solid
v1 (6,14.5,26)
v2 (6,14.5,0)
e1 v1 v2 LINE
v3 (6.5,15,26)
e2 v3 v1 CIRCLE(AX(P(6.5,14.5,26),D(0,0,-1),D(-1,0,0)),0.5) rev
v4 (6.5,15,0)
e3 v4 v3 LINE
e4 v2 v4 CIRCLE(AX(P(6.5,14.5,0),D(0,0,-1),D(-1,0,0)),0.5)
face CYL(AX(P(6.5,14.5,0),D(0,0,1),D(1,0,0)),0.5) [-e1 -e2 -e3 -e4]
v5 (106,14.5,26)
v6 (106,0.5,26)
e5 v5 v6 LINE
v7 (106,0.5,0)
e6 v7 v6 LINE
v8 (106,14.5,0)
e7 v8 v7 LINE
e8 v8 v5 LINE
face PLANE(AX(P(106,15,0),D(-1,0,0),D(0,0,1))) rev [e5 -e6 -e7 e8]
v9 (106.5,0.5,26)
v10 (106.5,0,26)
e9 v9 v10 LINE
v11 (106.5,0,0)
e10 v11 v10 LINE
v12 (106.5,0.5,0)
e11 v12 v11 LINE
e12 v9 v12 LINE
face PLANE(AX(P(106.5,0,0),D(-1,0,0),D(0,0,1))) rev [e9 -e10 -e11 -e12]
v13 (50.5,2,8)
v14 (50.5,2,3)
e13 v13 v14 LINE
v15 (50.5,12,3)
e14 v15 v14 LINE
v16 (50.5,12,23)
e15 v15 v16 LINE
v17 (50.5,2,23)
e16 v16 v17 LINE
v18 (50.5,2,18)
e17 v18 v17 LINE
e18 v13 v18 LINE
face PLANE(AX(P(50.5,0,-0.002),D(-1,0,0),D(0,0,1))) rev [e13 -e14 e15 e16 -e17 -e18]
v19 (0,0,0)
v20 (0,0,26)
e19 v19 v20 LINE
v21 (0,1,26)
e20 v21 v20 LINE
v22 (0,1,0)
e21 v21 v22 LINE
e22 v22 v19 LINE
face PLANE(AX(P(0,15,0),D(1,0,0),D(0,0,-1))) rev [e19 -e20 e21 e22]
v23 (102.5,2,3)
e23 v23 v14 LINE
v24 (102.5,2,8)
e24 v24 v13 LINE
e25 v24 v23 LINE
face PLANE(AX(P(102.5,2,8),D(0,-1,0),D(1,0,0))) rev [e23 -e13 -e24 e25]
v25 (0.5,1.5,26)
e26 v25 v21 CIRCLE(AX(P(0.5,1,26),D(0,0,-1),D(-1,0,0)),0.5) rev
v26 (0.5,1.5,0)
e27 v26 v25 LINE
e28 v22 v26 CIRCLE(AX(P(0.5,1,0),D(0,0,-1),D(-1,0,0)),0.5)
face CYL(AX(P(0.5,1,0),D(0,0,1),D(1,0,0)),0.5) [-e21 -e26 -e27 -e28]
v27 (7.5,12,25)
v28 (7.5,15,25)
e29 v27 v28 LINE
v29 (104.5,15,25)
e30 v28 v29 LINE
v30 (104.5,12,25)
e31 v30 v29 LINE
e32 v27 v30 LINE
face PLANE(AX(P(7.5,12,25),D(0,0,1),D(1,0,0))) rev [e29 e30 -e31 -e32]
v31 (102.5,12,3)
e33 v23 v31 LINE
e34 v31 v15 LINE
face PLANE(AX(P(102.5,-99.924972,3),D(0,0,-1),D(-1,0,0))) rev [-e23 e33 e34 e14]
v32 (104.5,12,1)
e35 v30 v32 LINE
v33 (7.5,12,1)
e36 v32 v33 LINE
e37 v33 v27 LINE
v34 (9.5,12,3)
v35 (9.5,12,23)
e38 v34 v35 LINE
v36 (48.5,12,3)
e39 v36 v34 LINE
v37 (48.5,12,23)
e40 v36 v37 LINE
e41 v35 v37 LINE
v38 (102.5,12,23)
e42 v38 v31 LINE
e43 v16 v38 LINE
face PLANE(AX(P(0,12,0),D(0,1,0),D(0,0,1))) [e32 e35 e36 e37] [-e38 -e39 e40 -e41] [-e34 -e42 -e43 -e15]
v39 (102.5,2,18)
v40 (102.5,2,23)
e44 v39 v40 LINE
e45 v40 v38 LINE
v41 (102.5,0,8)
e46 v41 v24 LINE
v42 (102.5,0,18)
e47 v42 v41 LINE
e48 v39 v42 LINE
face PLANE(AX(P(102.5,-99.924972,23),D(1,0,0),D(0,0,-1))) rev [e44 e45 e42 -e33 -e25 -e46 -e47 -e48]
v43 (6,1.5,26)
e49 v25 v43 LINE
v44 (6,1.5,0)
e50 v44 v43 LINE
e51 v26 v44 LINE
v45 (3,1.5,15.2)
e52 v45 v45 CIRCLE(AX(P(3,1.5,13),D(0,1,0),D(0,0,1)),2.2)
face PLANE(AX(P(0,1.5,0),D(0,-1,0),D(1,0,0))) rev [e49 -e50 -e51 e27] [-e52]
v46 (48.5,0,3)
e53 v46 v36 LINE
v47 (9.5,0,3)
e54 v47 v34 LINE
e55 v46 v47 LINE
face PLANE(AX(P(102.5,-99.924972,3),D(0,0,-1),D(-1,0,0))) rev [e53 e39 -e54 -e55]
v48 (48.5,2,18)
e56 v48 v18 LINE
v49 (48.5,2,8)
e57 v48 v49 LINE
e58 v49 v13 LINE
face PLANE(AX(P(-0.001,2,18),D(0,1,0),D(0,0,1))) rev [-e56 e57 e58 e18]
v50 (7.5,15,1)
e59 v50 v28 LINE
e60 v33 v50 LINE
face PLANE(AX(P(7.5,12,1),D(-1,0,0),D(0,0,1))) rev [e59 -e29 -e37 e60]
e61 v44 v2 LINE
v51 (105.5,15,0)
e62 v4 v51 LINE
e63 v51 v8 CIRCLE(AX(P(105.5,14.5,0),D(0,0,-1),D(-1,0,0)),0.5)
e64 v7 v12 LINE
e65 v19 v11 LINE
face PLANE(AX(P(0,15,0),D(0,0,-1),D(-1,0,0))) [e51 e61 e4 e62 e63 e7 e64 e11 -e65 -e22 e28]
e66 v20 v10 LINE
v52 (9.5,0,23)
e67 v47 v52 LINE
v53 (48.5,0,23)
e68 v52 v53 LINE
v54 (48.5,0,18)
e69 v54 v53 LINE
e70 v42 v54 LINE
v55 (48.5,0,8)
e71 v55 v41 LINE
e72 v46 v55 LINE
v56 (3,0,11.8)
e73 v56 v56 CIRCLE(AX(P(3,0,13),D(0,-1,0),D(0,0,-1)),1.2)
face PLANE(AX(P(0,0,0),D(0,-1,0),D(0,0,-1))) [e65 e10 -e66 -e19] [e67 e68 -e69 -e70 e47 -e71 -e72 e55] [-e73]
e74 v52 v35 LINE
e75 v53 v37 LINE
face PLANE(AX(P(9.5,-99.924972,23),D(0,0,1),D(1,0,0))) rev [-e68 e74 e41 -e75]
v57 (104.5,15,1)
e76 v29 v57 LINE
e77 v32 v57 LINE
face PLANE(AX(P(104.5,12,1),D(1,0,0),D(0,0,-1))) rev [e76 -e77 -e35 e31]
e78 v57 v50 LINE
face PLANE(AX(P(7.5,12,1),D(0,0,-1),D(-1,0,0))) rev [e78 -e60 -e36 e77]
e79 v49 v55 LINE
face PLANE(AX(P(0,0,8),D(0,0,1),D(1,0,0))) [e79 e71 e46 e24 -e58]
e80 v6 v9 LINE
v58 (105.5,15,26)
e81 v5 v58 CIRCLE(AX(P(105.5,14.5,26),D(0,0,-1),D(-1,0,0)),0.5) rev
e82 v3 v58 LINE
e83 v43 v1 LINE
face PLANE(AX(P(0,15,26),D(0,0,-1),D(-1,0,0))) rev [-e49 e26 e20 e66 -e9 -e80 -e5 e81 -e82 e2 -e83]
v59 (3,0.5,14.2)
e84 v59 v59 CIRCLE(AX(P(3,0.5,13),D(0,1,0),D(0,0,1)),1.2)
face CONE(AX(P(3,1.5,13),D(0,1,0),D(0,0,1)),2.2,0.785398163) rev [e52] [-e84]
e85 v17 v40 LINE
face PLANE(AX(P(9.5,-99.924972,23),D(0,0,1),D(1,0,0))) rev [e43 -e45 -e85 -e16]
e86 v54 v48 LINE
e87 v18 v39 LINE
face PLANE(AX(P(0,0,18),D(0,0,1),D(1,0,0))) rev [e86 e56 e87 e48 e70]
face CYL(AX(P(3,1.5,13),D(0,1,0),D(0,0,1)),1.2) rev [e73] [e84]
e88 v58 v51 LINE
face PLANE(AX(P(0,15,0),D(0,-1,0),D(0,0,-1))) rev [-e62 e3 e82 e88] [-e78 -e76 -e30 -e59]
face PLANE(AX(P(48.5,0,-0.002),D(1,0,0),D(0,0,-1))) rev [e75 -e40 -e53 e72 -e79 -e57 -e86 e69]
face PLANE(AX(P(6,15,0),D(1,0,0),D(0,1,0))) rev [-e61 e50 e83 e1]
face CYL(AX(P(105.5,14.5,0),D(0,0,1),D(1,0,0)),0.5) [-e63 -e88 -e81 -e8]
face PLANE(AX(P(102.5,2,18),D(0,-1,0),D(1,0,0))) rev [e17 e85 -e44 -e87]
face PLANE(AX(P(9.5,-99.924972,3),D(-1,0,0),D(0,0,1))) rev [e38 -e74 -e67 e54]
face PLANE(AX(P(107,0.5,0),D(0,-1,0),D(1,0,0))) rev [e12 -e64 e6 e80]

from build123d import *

# Parameters (mm, degrees)
SKETCH1_W                                           = 107
SKETCH1_H                                           = 26
BOSS_EXTRUDE1_DEPTH                                 = 15
SKETCH2_W                                           = 1
SKETCH2_H                                           = 14.5
SKETCH2_W_2                                         = 6
SKETCH2_H_2                                         = 13.5
CUT_EXTRUDE1_DEPTH                                  = 112.130553854
FILLET1_R                                           = 0.5
CSK_FOR_M2_COUNTERSUNK_FLAT_HEAD_SCREW1_D           = 2.4
CSK_FOR_M2_COUNTERSUNK_FLAT_HEAD_SCREW1_DEPTH       = 15
CSK_FOR_M2_COUNTERSUNK_FLAT_HEAD_SCREW1_CSINK_D     = 4.4
CSK_FOR_M2_COUNTERSUNK_FLAT_HEAD_SCREW1_CSINK_ANGLE = 90
CSK_FOR_M2_COUNTERSUNK_FLAT_HEAD_SCREW1_TIP         = 0.721032743
SKETCH14_W                                          = 97
SKETCH14_H                                          = 24
CUT_EXTRUDE7_DEPTH                                  = 112.130553854
SKETCH14_3_W                                        = 97
SKETCH14_3_H                                        = 24
BOSS_EXTRUDE3_DEPTH                                 = 1
SKETCH18_W                                          = 97
SKETCH18_H                                          = 24
CUT_EXTRUDE8_DEPTH                                  = 112.130553854
SKETCH20_W                                          = 97
SKETCH20_H                                          = 24
SKETCH20_W_2                                        = 93
SKETCH20_H_2                                        = 20
BOSS_EXTRUDE4_DEPTH                                 = 15
SKETCH20_2_W                                        = 97
SKETCH20_2_H                                        = 24
SKETCH20_2_W_2                                      = 93
SKETCH20_2_H_2                                      = 20
CUT_EXTRUDE9_DEPTH                                  = 3
SKETCH21_W                                          = 52
SKETCH21_H                                          = 2
BOSS_EXTRUDE5_DEPTH                                 = 5
SKETCH22_W                                          = 52
SKETCH22_H                                          = 2
BOSS_EXTRUDE6_DEPTH                                 = 5
SKETCH23_W                                          = 0.5
SKETCH23_H                                          = 16.612240618
CUT_EXTRUDE10_DEPTH                                 = 112.130553854
BOSS_EXTRUDE7_REACH                                 = 111.983
SKETCH25_W                                          = 2
SKETCH25_H                                          = 12
CUT_EXTRUDE11_REACH                                 = 65.537
SKETCH26_W                                          = 10
SKETCH26_H                                          = 2


with BuildPart() as part:
    # Sketch1 → Boss-Extrude1 (new body)
    with BuildSketch(Plane(origin=(0, 0, 0), x_dir=(1, 0, 0), z_dir=(0, 1, 0))):
        with Locations((53.5, -13)):
            Rectangle(SKETCH1_W, SKETCH1_H)
    extrude(amount=BOSS_EXTRUDE1_DEPTH)

    # Sketch2 → Cut-Extrude1 (cut, through all)
    with BuildSketch(Plane.XY.offset(26)):
        with Locations((106.5, 7.75)):
            Rectangle(SKETCH2_W, SKETCH2_H)
        with Locations((3, 8.25)):
            Rectangle(SKETCH2_W_2, SKETCH2_H_2)
    extrude(amount=-CUT_EXTRUDE1_DEPTH, mode=Mode.SUBTRACT)

    # Fillet1
    fillet1_edges = [part.edges().sort_by_distance(p)[0] for p in [
        (106, 15, 13),
        (0, 1.5, 13),
        (6, 15, 13),
    ]]
    fillet(fillet1_edges, radius=FILLET1_R)

    # CSK for M2 Countersunk Flat Head Screw1
    with Locations(Plane(origin=(3, 1.5, 13), x_dir=(1, 0, 0), z_dir=(0, 1, 0))):
        with Locations((0, 0)):
            CounterSinkHole(CSK_FOR_M2_COUNTERSUNK_FLAT_HEAD_SCREW1_D / 2, CSK_FOR_M2_COUNTERSUNK_FLAT_HEAD_SCREW1_CSINK_D / 2, depth=CSK_FOR_M2_COUNTERSUNK_FLAT_HEAD_SCREW1_DEPTH, counter_sink_angle=CSK_FOR_M2_COUNTERSUNK_FLAT_HEAD_SCREW1_CSINK_ANGLE)
            with Locations((0, 0, -(CSK_FOR_M2_COUNTERSUNK_FLAT_HEAD_SCREW1_DEPTH + CSK_FOR_M2_COUNTERSUNK_FLAT_HEAD_SCREW1_TIP / 2))):  # 118° drill point
                Cone(0, CSK_FOR_M2_COUNTERSUNK_FLAT_HEAD_SCREW1_D / 2, CSK_FOR_M2_COUNTERSUNK_FLAT_HEAD_SCREW1_TIP, mode=Mode.SUBTRACT)

    # Sketch14 → Cut-Extrude7 (cut, through all)
    with BuildSketch(Plane(origin=(0, 15, 0), x_dir=(1, 0, 0), z_dir=(0, 1, 0))):
        with Locations((56, -13)):
            Rectangle(SKETCH14_W, SKETCH14_H)
    extrude(amount=-CUT_EXTRUDE7_DEPTH, mode=Mode.SUBTRACT)

    # Sketch14<3> → Boss-Extrude3 (add)
    with BuildSketch(Plane(origin=(0, 15, 0), x_dir=(1, 0, 0), z_dir=(0, 1, 0))):
        with Locations((56, -13)):
            Rectangle(SKETCH14_3_W, SKETCH14_3_H)
    extrude(amount=-BOSS_EXTRUDE3_DEPTH)

    # Sketch18 → Cut-Extrude8 (cut, through all)
    with BuildSketch(Plane(origin=(0, 0, 0), x_dir=(1, 0, 0), z_dir=(0, 1, 0))):
        with Locations((56, -13)):
            Rectangle(SKETCH18_W, SKETCH18_H)
    extrude(amount=CUT_EXTRUDE8_DEPTH, mode=Mode.SUBTRACT)

    # Sketch20 → Boss-Extrude4 (add)
    with BuildSketch(Plane(origin=(0, 15, 0), x_dir=(1, 0, 0), z_dir=(0, 1, 0))):
        with Locations((56, -13)):
            Rectangle(SKETCH20_W, SKETCH20_H)
        with Locations((56, -13)):
            Rectangle(SKETCH20_W_2, SKETCH20_H_2, mode=Mode.SUBTRACT)
    extrude(amount=-BOSS_EXTRUDE4_DEPTH)

    # Sketch20<2> → Cut-Extrude9 (cut)
    with BuildSketch(Plane(origin=(0, 15, 0), x_dir=(1, 0, 0), z_dir=(0, 1, 0))):
        with Locations((56, -13)):
            Rectangle(SKETCH20_2_W, SKETCH20_2_H)
        with Locations((56, -13)):
            Rectangle(SKETCH20_2_W_2, SKETCH20_2_H_2, mode=Mode.SUBTRACT)
    extrude(amount=-CUT_EXTRUDE9_DEPTH, mode=Mode.SUBTRACT)

    # Sketch21 → Boss-Extrude5 (add)
    with BuildSketch(Plane.XY.offset(3)):
        with Locations((76.5, 1)):
            Rectangle(SKETCH21_W, SKETCH21_H)
    extrude(amount=BOSS_EXTRUDE5_DEPTH)

    # Sketch22 → Boss-Extrude6 (add)
    with BuildSketch(Plane(origin=(0, 0, 23), x_dir=(-1, 0, 0), z_dir=(0, 0, -1))):
        with Locations((-76.5, 1)):
            Rectangle(SKETCH22_W, SKETCH22_H)
    extrude(amount=BOSS_EXTRUDE6_DEPTH)

    # Sketch23 → Cut-Extrude10 (cut, through all)
    with BuildSketch(Plane.XY.offset(26)):
        with Locations((106.75, 8.306120309)):
            Rectangle(SKETCH23_W, SKETCH23_H)
    extrude(amount=-CUT_EXTRUDE10_DEPTH, mode=Mode.SUBTRACT)

    # Sketch25 → Boss-Extrude7 (add, up to next)
    with BuildSketch(Plane(origin=(0, 0, 23), x_dir=(-1, 0, 0), z_dir=(0, 0, -1)), mode=Mode.PRIVATE) as boss_extrude7_sk1:
        with Locations((-49.5, 6)):
            Rectangle(SKETCH25_W, SKETCH25_H)
    boss_extrude7_tool1 = extrude(boss_extrude7_sk1.sketch, amount=BOSS_EXTRUDE7_REACH, mode=Mode.PRIVATE) - part.part
    add(boss_extrude7_tool1.solids().sort_by_distance((49.5, 6, 23))[0])

    # Sketch26 → Cut-Extrude11 (cut, up to next)
    with BuildSketch(Plane(origin=(50.5, 0, 0), x_dir=(0, 0, -1), z_dir=(1, 0, 0)), mode=Mode.PRIVATE) as cut_extrude11_sk1:
        with Locations((-13, 1)):
            Rectangle(SKETCH26_W, SKETCH26_H)
    cut_extrude11_tool1 = extrude(cut_extrude11_sk1.sketch, amount=-CUT_EXTRUDE11_REACH, mode=Mode.PRIVATE) & part.part
    add(cut_extrude11_tool1.solids().sort_by_distance((50.5, 1, 13))[0], mode=Mode.SUBTRACT)


solid = part.part
